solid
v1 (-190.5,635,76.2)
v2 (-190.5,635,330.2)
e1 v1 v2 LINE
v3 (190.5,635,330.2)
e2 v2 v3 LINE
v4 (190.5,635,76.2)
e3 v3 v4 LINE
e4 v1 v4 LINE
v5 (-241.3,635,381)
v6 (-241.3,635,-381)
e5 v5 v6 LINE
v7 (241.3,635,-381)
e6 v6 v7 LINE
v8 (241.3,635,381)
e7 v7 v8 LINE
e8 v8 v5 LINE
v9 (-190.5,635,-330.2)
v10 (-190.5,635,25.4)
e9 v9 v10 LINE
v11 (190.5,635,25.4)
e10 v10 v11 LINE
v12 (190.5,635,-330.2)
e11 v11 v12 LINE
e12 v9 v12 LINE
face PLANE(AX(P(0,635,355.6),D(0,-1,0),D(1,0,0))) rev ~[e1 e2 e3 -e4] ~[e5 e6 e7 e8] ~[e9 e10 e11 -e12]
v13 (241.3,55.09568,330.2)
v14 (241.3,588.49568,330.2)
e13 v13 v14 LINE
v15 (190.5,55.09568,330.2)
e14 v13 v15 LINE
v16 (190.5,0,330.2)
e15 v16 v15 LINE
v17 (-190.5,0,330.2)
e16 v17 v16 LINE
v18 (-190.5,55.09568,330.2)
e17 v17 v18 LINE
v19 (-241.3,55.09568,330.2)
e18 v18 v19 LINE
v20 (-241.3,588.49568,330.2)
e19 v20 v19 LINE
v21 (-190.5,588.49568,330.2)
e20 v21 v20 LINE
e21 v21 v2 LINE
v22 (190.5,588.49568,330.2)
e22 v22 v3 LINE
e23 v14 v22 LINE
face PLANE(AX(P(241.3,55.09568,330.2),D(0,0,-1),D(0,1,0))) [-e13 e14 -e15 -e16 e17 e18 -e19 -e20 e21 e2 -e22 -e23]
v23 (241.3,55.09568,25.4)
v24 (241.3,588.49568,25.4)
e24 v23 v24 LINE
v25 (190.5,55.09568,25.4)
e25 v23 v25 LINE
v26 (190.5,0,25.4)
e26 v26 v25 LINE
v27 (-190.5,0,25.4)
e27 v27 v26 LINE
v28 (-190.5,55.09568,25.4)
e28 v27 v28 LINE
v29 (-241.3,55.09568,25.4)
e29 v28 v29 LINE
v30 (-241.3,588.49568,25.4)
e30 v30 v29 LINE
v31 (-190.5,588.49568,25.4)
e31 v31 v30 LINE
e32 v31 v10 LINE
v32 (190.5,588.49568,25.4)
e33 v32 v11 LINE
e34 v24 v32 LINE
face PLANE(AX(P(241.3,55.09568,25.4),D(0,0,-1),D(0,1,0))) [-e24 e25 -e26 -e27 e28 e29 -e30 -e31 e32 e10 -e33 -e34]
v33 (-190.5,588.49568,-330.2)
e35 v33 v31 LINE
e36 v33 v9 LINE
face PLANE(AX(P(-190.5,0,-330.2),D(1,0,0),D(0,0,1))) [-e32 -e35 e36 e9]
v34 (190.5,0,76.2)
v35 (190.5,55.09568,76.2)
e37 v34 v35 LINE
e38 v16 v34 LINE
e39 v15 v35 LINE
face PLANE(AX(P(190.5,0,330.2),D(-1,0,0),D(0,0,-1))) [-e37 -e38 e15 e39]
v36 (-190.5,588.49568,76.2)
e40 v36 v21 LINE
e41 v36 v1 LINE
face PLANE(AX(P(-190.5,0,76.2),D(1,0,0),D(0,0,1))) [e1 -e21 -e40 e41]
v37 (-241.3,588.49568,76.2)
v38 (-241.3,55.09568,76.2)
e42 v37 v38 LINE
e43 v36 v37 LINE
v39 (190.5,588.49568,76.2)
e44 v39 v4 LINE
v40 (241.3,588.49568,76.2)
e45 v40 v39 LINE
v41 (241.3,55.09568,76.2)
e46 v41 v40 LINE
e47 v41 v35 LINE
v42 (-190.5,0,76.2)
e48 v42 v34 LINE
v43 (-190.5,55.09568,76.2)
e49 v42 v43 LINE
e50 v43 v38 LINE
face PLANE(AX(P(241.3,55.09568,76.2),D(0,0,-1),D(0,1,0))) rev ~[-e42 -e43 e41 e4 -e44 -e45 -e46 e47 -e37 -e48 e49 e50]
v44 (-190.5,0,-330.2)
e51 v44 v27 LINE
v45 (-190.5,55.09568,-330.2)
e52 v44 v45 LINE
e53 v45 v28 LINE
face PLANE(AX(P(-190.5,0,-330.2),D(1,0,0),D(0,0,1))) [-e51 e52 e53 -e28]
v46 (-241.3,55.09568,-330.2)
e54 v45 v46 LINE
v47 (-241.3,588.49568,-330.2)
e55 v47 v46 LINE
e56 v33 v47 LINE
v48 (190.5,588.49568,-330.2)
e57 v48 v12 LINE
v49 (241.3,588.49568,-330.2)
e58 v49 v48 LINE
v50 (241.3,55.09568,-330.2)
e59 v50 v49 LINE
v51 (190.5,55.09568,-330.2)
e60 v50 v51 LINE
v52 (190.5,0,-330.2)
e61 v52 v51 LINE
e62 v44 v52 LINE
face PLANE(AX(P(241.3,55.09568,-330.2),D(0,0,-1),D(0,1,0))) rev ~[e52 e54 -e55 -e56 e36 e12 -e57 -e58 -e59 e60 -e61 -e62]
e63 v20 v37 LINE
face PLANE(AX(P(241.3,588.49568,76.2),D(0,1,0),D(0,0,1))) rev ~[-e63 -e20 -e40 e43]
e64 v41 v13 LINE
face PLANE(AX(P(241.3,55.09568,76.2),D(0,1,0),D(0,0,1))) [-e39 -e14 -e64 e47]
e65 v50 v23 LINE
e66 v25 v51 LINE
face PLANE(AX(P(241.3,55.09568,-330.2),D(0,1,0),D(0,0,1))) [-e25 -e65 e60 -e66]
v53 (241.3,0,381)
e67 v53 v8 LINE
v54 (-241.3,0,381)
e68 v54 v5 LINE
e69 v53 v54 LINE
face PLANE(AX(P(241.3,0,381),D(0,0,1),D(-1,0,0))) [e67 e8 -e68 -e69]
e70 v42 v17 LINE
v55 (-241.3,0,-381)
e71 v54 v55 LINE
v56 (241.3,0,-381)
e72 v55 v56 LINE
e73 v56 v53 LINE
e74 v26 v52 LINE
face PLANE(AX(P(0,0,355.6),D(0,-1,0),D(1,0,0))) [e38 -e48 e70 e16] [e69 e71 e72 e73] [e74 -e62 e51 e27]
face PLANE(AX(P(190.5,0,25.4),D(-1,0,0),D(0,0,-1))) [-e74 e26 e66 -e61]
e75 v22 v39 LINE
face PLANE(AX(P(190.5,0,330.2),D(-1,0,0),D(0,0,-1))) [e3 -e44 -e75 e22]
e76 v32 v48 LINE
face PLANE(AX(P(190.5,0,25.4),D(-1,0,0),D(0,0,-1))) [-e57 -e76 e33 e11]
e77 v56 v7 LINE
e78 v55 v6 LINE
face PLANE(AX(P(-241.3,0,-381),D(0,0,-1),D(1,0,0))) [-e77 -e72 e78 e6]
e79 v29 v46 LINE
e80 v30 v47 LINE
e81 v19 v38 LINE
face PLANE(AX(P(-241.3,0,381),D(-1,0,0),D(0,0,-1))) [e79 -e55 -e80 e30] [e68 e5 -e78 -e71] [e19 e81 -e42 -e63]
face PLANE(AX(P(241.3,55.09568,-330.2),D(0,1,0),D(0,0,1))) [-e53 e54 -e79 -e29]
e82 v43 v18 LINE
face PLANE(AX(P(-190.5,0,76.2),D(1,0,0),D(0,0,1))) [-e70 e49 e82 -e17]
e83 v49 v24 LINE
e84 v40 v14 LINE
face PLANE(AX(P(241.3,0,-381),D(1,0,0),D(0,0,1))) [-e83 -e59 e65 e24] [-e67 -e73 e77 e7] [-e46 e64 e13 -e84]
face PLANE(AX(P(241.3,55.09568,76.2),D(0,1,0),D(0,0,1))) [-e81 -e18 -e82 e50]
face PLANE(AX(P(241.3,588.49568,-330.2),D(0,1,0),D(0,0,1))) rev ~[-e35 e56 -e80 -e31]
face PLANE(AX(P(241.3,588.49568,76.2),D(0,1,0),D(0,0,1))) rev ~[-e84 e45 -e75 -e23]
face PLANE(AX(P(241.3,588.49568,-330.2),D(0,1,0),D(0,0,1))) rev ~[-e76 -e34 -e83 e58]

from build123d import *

# Parameters (mm, degrees)
F0_W     = 381
F0_H     = 50.8
F0_W_2   = 50.8
F1_DEPTH = 635
F2_W     = 533.4
F2_H     = 254
F2_H_2   = 355.6
F3_DEPTH = 482.601


with BuildPart() as f1:
    # F0 (on Front) → F1 (new body)
    with BuildSketch(Plane.XZ):
        with Locations((0, 355.6)):
            Rectangle(F0_W, F0_H)
        Polygon((241.3, 381), (190.5, 381), (190.5, 330.2), (190.5, 76.2), (241.3, 76.2), align=None)
        Polygon((241.3, 25.4), (190.5, 25.4), (190.5, -330.2), (190.5, -381), (241.3, -381), align=None)
        with Locations((0, -355.6)):
            Rectangle(F0_W, F0_H)
        Polygon((-190.5, 381), (-241.3, 381), (-241.3, 76.2), (-190.5, 76.2), (-190.5, 330.2), align=None)
        Polygon((-190.5, 25.4), (-241.3, 25.4), (-241.3, -381), (-190.5, -381), (-190.5, -330.2), align=None)
        with Locations((0, 50.8)):
            Rectangle(F0_W, F0_H)
        with Locations((-215.9, 50.8)):
            Rectangle(F0_W_2, F0_H)
        with Locations((215.9, 50.8)):
            Rectangle(F0_W_2, F0_H)
    extrude(amount=-F1_DEPTH)

    # F2 (on face) → F3 (cut, through all)
    with BuildSketch(Plane.YZ.offset(241.3)):
        with Locations((321.7956796288, 203.2)):
            Rectangle(F2_W, F2_H)
        with Locations((321.7956796288, -152.4)):
            Rectangle(F2_W, F2_H_2)
    extrude(amount=-F3_DEPTH, mode=Mode.SUBTRACT)


solid = f1.part
